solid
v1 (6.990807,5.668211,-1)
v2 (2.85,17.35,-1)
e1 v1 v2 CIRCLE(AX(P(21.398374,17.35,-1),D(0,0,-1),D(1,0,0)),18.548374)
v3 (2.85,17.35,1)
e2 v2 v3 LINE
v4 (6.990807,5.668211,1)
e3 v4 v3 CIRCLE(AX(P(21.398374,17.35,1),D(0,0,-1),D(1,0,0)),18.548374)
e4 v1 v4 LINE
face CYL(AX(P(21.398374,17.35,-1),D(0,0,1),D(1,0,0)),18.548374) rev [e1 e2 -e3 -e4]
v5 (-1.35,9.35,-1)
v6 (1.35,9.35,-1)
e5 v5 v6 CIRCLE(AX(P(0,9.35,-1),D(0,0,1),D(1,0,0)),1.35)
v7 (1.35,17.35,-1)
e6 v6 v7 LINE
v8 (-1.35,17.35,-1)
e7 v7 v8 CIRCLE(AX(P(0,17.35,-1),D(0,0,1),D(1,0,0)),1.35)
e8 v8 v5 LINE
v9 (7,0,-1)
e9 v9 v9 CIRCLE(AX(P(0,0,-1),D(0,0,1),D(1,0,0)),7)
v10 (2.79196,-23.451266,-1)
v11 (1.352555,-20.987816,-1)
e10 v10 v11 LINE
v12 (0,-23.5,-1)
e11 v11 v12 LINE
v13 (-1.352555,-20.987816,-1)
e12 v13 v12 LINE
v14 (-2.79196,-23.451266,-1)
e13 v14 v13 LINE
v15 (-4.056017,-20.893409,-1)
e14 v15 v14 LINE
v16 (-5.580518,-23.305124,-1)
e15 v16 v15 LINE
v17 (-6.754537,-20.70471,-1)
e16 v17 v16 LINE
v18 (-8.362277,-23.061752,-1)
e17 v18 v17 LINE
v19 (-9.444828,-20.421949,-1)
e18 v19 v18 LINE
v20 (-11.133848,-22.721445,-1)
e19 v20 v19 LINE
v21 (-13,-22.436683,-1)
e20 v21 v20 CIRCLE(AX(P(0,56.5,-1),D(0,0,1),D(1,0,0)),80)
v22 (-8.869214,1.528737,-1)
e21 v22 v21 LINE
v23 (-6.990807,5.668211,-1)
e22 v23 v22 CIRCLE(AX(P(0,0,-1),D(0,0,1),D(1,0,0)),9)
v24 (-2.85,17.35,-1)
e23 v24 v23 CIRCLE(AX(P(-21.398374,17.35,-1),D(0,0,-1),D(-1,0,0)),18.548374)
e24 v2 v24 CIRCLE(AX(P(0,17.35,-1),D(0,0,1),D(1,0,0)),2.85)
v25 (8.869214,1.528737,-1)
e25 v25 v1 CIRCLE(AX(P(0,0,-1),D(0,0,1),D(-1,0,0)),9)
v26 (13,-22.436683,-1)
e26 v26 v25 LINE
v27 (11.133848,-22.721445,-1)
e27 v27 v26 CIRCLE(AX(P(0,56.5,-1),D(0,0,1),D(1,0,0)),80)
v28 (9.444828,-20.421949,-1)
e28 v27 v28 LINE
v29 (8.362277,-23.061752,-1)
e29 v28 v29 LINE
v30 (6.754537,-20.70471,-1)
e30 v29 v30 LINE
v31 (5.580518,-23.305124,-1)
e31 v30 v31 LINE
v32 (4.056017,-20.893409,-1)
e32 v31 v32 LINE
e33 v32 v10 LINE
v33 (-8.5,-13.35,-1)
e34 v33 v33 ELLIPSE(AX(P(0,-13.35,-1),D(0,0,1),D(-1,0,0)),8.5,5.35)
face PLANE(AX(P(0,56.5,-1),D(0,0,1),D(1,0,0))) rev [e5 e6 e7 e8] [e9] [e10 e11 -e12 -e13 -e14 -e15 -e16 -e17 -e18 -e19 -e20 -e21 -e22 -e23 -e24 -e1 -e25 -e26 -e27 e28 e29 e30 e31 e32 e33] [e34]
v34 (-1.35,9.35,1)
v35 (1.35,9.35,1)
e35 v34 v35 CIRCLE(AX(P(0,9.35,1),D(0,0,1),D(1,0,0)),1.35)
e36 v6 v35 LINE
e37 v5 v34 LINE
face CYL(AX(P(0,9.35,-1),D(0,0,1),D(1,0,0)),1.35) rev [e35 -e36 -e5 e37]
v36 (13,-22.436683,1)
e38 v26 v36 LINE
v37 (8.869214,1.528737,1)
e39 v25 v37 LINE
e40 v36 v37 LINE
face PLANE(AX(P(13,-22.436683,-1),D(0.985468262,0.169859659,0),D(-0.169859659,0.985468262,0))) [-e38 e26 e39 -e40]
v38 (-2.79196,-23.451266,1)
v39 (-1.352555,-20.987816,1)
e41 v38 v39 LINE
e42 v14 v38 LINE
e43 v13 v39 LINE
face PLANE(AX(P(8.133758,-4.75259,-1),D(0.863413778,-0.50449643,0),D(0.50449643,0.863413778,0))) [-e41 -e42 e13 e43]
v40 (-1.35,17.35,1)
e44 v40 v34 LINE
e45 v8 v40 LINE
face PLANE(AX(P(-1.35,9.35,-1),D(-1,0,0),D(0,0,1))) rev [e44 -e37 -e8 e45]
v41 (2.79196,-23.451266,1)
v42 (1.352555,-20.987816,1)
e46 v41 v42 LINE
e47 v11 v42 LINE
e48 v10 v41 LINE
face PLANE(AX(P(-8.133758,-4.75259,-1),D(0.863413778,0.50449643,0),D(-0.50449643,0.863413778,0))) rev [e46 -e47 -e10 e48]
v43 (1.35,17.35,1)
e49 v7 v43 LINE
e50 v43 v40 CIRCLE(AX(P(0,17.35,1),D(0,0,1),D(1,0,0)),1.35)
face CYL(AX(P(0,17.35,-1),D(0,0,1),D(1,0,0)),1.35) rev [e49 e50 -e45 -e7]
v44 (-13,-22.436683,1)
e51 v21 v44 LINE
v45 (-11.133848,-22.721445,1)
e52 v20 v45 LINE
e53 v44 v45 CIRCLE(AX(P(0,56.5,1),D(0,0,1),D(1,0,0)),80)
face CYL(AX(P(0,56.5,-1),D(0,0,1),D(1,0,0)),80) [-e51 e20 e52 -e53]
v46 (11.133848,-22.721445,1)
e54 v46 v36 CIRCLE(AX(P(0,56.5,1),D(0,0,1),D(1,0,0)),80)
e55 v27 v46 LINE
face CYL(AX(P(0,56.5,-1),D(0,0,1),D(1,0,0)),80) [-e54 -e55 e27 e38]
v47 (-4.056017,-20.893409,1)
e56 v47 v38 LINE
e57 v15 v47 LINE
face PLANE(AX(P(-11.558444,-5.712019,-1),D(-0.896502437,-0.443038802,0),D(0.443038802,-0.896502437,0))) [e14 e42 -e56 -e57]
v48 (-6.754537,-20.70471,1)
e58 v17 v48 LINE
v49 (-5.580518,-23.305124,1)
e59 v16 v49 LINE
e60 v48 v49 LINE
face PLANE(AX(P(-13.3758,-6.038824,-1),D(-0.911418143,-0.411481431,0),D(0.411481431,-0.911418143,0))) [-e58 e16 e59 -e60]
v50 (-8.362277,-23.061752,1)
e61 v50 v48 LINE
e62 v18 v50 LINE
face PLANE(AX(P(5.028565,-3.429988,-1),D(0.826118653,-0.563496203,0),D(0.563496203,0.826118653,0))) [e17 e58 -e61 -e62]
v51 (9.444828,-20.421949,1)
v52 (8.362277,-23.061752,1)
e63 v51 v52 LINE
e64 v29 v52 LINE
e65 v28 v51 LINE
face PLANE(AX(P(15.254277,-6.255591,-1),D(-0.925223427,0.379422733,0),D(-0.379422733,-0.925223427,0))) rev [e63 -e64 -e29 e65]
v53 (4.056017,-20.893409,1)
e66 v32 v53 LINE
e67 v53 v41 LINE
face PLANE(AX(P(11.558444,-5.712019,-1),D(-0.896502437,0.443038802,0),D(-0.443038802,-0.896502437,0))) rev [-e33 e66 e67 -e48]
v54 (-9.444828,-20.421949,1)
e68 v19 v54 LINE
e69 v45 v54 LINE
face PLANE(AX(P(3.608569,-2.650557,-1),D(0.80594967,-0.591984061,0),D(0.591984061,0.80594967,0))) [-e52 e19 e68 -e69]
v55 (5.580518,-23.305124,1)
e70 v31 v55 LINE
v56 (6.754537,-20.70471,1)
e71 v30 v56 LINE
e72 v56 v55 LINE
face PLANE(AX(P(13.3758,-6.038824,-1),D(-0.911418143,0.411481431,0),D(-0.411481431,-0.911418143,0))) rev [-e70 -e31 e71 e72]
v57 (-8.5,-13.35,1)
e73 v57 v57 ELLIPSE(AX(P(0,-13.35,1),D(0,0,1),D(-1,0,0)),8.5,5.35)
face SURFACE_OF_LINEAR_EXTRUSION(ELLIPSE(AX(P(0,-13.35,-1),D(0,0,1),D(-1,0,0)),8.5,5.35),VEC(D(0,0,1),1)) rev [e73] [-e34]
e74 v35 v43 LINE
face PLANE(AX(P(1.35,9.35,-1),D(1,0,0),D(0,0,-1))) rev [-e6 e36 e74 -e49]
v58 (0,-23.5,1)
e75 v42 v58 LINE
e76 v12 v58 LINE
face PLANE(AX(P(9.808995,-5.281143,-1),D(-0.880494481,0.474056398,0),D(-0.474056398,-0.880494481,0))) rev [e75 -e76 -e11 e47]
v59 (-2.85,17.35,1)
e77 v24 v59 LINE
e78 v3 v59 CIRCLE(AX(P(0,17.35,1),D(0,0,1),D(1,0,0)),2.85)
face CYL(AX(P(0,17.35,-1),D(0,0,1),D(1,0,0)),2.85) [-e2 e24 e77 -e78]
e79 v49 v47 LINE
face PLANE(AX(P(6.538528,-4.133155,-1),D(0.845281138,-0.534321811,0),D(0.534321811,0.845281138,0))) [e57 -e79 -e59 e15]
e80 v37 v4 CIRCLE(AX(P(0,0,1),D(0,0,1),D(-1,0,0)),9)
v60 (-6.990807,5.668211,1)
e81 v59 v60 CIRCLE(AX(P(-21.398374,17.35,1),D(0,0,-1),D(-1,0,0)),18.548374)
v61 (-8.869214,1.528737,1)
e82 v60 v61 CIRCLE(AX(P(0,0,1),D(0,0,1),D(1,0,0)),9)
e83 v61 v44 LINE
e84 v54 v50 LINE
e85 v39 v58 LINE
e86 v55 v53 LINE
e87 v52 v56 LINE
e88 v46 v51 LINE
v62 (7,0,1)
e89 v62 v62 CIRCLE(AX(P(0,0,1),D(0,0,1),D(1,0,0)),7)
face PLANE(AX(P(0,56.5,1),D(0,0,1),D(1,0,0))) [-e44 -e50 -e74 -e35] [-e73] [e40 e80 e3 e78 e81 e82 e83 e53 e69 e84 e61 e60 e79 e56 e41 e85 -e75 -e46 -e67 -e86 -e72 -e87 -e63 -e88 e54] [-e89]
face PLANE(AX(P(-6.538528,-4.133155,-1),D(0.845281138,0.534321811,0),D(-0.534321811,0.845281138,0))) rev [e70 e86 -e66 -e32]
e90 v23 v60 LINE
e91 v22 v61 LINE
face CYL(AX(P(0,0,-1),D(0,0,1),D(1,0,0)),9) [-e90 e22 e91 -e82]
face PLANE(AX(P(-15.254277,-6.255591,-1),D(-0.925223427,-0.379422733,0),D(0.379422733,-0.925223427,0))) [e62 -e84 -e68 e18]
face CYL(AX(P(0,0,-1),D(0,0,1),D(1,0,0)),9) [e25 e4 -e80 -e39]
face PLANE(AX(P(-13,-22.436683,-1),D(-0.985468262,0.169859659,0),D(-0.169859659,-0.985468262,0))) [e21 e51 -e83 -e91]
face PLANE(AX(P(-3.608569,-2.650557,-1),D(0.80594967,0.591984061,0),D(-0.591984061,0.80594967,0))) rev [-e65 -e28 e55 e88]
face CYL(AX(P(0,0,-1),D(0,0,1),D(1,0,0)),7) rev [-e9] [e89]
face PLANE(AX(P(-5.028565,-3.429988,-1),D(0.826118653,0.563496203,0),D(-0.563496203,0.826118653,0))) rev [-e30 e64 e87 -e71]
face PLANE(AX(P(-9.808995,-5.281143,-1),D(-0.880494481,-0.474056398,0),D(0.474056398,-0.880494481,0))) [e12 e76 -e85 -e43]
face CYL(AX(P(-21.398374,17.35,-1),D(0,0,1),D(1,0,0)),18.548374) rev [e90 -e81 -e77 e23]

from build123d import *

# Parameters (mm, degrees)
SKETCH1_R           = 7
SKETCH1_RX          = 8.5
SKETCH1_RY          = 5.35
BOSS_EXTRUDE1_DEPTH = 1
CUT_EXTRUDE1_DEPTH  = 27.930466019


with BuildPart() as part:
    # Sketch1 → Boss-Extrude1 (new, symmetric)
    with BuildSketch(Plane.XY):
        with BuildLine():
            Line((-13, -22.436683487), (-8.869214361, 1.528736933))
            ThreePointArc((-8.869214361, 1.528736933), (-8.195662334, 3.719021229), (-6.990807006, 5.668211129))
            ThreePointArc((-6.990807006, 5.668211129), (-3.915823856, 11.153015373), (-2.85, 17.35))
            ThreePointArc((-2.85, 17.35), (0, 20.2), (2.85, 17.35))
            ThreePointArc((2.85, 17.35), (3.915823856, 11.153015373), (6.990807006, 5.668211129))
            ThreePointArc((6.990807006, 5.668211129), (8.195662334, 3.719021229), (8.869214361, 1.528736933))
            Line((8.869214361, 1.528736933), (13, -22.436683487))
            ThreePointArc((13, -22.436683487), (0, -23.5), (-13, -22.436683487))
        make_face()
        Circle(SKETCH1_R, mode=Mode.SUBTRACT)
        with Locations(Location((0, -13.35), (0, 0, 180))):
            Ellipse(SKETCH1_RX, SKETCH1_RY, mode=Mode.SUBTRACT)
        with BuildLine():
            Line((-1.35, 9.35), (-1.35, 17.35))
            ThreePointArc((-1.35, 17.35), (0, 18.7), (1.35, 17.35))
            Line((1.35, 17.35), (1.35, 9.35))
            ThreePointArc((1.35, 9.35), (0, 8), (-1.35, 9.35))
        make_face(mode=Mode.SUBTRACT)
    extrude(amount=BOSS_EXTRUDE1_DEPTH, both=True)

    # Sketch2 → Cut-Extrude1 (cut, through all)
    with BuildSketch(Plane.XY.offset(1)):
        with BuildLine():
            ThreePointArc((-11.133848077, -22.721445499), (-9.749547472, -22.903692131), (-8.362277061, -23.061751629))
            Line((-8.362277061, -23.061751629), (-9.444827704, -20.421948771))
            Line((-9.444827704, -20.421948771), (-11.133848077, -22.721445499))
        make_face()
        with BuildLine():
            ThreePointArc((-8.362277061, -23.061751629), (-6.97245942, -23.195575847), (-5.5805179, -23.305124021))
            Line((-5.5805179, -23.305124021), (-6.754536872, -20.704709731))
            Line((-6.754536872, -20.704709731), (-8.362277061, -23.061751629))
        make_face()
        with BuildLine():
            ThreePointArc((-5.5805179, -23.305124021), (-4.186876499, -23.39036278), (-2.791959736, -23.451266162))
            Line((-2.791959736, -23.451266162), (-4.056016678, -20.893408645))
            Line((-4.056016678, -20.893408645), (-5.5805179, -23.305124021))
        make_face()
        with BuildLine():
            Line((-1.352554853, -20.987815613), (-2.791959736, -23.451266162))
            ThreePointArc((-2.791959736, -23.451266162), (-1.396192515, -23.487815613), (0, -23.5))
            Line((0, -23.5), (-1.352554853, -20.987815613))
        make_face()
    cut_extrude1 = extrude(amount=-CUT_EXTRUDE1_DEPTH, mode=Mode.SUBTRACT)

    # Mirror1: Cut-Extrude1 across plane
    add(cut_extrude1.mirror(Plane(origin=(0, 0, 0), x_dir=(0, 0, 1), z_dir=(1, 0, 0))), mode=Mode.SUBTRACT)


solid = part.part
